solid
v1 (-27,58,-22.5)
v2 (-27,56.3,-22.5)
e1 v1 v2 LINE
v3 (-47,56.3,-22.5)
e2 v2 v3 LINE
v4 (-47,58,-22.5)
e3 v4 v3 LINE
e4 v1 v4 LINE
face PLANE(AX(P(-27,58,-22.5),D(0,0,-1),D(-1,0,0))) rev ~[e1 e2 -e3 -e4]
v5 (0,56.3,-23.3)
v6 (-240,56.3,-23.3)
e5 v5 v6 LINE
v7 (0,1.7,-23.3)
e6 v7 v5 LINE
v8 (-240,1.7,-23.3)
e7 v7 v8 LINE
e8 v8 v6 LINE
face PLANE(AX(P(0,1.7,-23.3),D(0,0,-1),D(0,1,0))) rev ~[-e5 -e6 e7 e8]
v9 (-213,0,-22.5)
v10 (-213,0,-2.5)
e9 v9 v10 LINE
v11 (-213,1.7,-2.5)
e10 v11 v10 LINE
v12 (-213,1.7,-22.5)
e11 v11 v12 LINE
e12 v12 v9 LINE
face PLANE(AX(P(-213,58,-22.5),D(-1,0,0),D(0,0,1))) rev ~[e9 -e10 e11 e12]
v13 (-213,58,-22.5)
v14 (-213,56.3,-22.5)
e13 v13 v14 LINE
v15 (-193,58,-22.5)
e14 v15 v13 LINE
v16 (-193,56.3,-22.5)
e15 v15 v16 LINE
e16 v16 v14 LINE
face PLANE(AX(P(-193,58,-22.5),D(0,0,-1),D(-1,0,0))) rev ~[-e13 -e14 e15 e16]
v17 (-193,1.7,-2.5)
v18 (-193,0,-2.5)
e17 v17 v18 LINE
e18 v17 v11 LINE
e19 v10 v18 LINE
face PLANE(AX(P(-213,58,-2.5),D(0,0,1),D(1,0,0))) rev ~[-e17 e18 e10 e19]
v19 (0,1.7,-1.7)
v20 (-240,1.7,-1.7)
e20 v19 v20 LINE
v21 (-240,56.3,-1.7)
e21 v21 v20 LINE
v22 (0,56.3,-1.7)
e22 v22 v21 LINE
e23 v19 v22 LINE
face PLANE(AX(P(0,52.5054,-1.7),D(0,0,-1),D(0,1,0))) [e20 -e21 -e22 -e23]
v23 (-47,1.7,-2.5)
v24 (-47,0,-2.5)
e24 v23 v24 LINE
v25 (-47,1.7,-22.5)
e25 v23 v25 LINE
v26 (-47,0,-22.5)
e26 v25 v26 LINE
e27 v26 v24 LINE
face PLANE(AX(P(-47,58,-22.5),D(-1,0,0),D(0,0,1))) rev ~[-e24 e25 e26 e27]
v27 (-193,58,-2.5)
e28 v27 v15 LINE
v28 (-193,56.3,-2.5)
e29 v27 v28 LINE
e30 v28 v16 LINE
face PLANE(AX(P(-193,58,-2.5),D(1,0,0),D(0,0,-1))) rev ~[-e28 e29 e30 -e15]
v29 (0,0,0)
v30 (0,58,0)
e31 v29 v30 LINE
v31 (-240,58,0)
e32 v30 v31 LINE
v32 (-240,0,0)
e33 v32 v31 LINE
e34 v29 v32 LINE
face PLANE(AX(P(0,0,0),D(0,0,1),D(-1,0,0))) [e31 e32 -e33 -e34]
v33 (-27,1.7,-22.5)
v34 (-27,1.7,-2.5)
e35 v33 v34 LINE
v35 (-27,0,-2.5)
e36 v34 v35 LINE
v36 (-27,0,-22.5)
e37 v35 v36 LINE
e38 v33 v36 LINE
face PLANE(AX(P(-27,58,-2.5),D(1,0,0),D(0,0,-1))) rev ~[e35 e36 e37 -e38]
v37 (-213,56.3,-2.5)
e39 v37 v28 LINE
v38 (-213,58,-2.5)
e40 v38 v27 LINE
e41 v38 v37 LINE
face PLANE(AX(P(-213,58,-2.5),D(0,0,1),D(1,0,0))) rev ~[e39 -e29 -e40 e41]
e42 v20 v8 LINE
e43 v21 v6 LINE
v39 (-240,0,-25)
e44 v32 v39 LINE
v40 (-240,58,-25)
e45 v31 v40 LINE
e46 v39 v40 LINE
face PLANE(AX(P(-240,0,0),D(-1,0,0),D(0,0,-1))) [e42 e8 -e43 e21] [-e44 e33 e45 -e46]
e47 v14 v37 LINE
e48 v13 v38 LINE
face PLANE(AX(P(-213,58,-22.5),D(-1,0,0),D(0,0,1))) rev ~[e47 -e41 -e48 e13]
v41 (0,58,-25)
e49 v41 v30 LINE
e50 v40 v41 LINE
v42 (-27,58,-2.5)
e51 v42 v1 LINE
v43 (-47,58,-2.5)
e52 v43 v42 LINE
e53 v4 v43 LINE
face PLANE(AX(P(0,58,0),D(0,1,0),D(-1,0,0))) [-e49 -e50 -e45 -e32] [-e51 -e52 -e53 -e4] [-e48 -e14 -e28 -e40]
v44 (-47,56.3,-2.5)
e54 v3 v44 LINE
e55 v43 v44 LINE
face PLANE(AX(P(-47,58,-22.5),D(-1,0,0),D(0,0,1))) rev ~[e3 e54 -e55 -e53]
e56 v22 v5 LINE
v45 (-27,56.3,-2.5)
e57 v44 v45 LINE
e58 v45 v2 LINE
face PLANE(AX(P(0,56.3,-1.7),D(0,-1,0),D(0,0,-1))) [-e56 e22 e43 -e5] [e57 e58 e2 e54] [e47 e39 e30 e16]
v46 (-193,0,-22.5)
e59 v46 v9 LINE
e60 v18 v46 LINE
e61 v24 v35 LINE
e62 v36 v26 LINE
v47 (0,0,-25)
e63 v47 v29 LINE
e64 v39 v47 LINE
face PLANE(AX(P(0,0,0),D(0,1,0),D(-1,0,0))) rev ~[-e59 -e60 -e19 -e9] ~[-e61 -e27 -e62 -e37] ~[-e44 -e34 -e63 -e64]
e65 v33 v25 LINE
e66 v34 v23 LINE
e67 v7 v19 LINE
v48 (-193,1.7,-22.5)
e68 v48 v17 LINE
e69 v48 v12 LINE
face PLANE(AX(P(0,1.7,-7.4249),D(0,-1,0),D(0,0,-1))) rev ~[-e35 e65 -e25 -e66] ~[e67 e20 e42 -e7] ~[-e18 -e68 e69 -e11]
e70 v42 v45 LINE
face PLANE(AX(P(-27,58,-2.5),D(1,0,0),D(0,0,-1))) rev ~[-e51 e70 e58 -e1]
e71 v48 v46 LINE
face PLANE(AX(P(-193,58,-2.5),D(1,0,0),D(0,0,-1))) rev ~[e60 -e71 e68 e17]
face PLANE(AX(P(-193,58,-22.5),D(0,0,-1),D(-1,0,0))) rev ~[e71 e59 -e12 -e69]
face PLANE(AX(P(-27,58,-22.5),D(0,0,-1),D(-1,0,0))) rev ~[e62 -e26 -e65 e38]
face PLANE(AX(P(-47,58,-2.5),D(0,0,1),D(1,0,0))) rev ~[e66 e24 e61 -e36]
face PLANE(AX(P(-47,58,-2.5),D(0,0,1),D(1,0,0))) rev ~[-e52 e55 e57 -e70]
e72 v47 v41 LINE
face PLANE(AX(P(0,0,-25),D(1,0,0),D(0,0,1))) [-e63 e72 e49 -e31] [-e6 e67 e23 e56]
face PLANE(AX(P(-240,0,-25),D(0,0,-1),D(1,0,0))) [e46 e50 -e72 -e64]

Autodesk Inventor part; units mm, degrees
ref_plane "YZ Plane" through (0, 0, 0) normal (1, 0, 0) x (0, 1, 0)
ref_plane "XZ Plane" through (0, 0, 0) normal (0, 1, 0) x (-1, 0, 0)
ref_plane "XY Plane" through (0, 0, 0) normal (0, 0, 1) x (1, 0, 0)
sketch "Boceto1" plane through (0, 0, 0) normal (0, 1, 0) x (-1, 0, 0)
  line L0 (0, 0) -> (240, 0)
  line L1 (240, 0) -> (240, -25)
  line L2 (240, -25) -> (0, -25)
  line L3 (0, -25) -> (0, 0)
  dimension "d0" = 240
  dimension "d1" = 25
extrude "Extrusión1" add sketch "Boceto1" along normal blind 58
sketch "Boceto2" plane through (0, 58, 0) normal (0, 1, 0) x (1, 0, 0)
  line L0 (0, 25) -> (-240, 25) projected
  line L1 (-240, 25) -> (-240, 0) projected
  line L2 (-240, 0) -> (0, 0) projected
  line L3 (0, 0) -> (0, 25) projected
  line L4 (-213, 2.5) -> (-193, 2.5)
  line L5 (-193, 2.5) -> (-193, 22.5)
  line L6 (-193, 22.5) -> (-213, 22.5)
  line L7 (-213, 22.5) -> (-213, 2.5)
  line L8 (-213, 2.5) -> (-193, 22.5) construction
  line L9 (-193, 2.5) -> (-213, 22.5) construction
  line L10 (-27, 22.5) -> (-47, 22.5)
  line L11 (-47, 22.5) -> (-47, 2.5)
  line L12 (-47, 2.5) -> (-27, 2.5)
  line L13 (-27, 2.5) -> (-27, 22.5)
  line L14 (-27, 22.5) -> (-47, 2.5) construction
  line L15 (-47, 22.5) -> (-27, 2.5) construction
  point P0 (-203, 12.5)
  point P1 (-37, 12.5)
  dimension "d10" = 20
  dimension "d11" = 20
  dimension "d12" = 20
  dimension "d13" = 20
  dimension "d14" = 27
  dimension "d15" = 146
extrude "Extrusión2" cut sketch "Boceto2" against normal blind 58 contours L7 L6 L5 L4 | L13 L12 L11 L10
sketch "Boceto3" plane through (0, 0, 0) normal (1, 0, 0) x (0, 0, -1)
  line L0 (0, 0) -> (25, 0) projected
  line L1 (25, 0) -> (25, 58) projected
  line L2 (0, 58) -> (25, 58) projected
  line L3 (0, 0) -> (0, 58) projected
  line L4 (0, 0) -> (0, 58) projected
  line L5 (1.7, 52.5054) -> (1.7, 56.3)
  line L6 (1.7, 56.3) -> (23.3, 56.3)
  line L7 (25, 0) -> (25, 58) projected
  line L8 (22.5, 0) -> (2.5, 0) projected
  line L9 (7.4249, 0) -> (7.4249, 1.7)
  line L10 (7.4249, 1.7) -> (1.7, 1.7)
  line L11 (1.7, 52.5054) -> (1.7, 1.7)
  line L12 (7.4249, 1.7) -> (23.3, 1.7)
  line L13 (23.3, 1.7) -> (23.3, 56.3)
  point P0 (12.9, 29.7431)
  point P1 (2.5, 58)
extrude "Extrusión3" cut sketch "Boceto3" against normal blind 240 contours L10 L11 L5 L6 L13 L12
properties part number "Travesaño"
